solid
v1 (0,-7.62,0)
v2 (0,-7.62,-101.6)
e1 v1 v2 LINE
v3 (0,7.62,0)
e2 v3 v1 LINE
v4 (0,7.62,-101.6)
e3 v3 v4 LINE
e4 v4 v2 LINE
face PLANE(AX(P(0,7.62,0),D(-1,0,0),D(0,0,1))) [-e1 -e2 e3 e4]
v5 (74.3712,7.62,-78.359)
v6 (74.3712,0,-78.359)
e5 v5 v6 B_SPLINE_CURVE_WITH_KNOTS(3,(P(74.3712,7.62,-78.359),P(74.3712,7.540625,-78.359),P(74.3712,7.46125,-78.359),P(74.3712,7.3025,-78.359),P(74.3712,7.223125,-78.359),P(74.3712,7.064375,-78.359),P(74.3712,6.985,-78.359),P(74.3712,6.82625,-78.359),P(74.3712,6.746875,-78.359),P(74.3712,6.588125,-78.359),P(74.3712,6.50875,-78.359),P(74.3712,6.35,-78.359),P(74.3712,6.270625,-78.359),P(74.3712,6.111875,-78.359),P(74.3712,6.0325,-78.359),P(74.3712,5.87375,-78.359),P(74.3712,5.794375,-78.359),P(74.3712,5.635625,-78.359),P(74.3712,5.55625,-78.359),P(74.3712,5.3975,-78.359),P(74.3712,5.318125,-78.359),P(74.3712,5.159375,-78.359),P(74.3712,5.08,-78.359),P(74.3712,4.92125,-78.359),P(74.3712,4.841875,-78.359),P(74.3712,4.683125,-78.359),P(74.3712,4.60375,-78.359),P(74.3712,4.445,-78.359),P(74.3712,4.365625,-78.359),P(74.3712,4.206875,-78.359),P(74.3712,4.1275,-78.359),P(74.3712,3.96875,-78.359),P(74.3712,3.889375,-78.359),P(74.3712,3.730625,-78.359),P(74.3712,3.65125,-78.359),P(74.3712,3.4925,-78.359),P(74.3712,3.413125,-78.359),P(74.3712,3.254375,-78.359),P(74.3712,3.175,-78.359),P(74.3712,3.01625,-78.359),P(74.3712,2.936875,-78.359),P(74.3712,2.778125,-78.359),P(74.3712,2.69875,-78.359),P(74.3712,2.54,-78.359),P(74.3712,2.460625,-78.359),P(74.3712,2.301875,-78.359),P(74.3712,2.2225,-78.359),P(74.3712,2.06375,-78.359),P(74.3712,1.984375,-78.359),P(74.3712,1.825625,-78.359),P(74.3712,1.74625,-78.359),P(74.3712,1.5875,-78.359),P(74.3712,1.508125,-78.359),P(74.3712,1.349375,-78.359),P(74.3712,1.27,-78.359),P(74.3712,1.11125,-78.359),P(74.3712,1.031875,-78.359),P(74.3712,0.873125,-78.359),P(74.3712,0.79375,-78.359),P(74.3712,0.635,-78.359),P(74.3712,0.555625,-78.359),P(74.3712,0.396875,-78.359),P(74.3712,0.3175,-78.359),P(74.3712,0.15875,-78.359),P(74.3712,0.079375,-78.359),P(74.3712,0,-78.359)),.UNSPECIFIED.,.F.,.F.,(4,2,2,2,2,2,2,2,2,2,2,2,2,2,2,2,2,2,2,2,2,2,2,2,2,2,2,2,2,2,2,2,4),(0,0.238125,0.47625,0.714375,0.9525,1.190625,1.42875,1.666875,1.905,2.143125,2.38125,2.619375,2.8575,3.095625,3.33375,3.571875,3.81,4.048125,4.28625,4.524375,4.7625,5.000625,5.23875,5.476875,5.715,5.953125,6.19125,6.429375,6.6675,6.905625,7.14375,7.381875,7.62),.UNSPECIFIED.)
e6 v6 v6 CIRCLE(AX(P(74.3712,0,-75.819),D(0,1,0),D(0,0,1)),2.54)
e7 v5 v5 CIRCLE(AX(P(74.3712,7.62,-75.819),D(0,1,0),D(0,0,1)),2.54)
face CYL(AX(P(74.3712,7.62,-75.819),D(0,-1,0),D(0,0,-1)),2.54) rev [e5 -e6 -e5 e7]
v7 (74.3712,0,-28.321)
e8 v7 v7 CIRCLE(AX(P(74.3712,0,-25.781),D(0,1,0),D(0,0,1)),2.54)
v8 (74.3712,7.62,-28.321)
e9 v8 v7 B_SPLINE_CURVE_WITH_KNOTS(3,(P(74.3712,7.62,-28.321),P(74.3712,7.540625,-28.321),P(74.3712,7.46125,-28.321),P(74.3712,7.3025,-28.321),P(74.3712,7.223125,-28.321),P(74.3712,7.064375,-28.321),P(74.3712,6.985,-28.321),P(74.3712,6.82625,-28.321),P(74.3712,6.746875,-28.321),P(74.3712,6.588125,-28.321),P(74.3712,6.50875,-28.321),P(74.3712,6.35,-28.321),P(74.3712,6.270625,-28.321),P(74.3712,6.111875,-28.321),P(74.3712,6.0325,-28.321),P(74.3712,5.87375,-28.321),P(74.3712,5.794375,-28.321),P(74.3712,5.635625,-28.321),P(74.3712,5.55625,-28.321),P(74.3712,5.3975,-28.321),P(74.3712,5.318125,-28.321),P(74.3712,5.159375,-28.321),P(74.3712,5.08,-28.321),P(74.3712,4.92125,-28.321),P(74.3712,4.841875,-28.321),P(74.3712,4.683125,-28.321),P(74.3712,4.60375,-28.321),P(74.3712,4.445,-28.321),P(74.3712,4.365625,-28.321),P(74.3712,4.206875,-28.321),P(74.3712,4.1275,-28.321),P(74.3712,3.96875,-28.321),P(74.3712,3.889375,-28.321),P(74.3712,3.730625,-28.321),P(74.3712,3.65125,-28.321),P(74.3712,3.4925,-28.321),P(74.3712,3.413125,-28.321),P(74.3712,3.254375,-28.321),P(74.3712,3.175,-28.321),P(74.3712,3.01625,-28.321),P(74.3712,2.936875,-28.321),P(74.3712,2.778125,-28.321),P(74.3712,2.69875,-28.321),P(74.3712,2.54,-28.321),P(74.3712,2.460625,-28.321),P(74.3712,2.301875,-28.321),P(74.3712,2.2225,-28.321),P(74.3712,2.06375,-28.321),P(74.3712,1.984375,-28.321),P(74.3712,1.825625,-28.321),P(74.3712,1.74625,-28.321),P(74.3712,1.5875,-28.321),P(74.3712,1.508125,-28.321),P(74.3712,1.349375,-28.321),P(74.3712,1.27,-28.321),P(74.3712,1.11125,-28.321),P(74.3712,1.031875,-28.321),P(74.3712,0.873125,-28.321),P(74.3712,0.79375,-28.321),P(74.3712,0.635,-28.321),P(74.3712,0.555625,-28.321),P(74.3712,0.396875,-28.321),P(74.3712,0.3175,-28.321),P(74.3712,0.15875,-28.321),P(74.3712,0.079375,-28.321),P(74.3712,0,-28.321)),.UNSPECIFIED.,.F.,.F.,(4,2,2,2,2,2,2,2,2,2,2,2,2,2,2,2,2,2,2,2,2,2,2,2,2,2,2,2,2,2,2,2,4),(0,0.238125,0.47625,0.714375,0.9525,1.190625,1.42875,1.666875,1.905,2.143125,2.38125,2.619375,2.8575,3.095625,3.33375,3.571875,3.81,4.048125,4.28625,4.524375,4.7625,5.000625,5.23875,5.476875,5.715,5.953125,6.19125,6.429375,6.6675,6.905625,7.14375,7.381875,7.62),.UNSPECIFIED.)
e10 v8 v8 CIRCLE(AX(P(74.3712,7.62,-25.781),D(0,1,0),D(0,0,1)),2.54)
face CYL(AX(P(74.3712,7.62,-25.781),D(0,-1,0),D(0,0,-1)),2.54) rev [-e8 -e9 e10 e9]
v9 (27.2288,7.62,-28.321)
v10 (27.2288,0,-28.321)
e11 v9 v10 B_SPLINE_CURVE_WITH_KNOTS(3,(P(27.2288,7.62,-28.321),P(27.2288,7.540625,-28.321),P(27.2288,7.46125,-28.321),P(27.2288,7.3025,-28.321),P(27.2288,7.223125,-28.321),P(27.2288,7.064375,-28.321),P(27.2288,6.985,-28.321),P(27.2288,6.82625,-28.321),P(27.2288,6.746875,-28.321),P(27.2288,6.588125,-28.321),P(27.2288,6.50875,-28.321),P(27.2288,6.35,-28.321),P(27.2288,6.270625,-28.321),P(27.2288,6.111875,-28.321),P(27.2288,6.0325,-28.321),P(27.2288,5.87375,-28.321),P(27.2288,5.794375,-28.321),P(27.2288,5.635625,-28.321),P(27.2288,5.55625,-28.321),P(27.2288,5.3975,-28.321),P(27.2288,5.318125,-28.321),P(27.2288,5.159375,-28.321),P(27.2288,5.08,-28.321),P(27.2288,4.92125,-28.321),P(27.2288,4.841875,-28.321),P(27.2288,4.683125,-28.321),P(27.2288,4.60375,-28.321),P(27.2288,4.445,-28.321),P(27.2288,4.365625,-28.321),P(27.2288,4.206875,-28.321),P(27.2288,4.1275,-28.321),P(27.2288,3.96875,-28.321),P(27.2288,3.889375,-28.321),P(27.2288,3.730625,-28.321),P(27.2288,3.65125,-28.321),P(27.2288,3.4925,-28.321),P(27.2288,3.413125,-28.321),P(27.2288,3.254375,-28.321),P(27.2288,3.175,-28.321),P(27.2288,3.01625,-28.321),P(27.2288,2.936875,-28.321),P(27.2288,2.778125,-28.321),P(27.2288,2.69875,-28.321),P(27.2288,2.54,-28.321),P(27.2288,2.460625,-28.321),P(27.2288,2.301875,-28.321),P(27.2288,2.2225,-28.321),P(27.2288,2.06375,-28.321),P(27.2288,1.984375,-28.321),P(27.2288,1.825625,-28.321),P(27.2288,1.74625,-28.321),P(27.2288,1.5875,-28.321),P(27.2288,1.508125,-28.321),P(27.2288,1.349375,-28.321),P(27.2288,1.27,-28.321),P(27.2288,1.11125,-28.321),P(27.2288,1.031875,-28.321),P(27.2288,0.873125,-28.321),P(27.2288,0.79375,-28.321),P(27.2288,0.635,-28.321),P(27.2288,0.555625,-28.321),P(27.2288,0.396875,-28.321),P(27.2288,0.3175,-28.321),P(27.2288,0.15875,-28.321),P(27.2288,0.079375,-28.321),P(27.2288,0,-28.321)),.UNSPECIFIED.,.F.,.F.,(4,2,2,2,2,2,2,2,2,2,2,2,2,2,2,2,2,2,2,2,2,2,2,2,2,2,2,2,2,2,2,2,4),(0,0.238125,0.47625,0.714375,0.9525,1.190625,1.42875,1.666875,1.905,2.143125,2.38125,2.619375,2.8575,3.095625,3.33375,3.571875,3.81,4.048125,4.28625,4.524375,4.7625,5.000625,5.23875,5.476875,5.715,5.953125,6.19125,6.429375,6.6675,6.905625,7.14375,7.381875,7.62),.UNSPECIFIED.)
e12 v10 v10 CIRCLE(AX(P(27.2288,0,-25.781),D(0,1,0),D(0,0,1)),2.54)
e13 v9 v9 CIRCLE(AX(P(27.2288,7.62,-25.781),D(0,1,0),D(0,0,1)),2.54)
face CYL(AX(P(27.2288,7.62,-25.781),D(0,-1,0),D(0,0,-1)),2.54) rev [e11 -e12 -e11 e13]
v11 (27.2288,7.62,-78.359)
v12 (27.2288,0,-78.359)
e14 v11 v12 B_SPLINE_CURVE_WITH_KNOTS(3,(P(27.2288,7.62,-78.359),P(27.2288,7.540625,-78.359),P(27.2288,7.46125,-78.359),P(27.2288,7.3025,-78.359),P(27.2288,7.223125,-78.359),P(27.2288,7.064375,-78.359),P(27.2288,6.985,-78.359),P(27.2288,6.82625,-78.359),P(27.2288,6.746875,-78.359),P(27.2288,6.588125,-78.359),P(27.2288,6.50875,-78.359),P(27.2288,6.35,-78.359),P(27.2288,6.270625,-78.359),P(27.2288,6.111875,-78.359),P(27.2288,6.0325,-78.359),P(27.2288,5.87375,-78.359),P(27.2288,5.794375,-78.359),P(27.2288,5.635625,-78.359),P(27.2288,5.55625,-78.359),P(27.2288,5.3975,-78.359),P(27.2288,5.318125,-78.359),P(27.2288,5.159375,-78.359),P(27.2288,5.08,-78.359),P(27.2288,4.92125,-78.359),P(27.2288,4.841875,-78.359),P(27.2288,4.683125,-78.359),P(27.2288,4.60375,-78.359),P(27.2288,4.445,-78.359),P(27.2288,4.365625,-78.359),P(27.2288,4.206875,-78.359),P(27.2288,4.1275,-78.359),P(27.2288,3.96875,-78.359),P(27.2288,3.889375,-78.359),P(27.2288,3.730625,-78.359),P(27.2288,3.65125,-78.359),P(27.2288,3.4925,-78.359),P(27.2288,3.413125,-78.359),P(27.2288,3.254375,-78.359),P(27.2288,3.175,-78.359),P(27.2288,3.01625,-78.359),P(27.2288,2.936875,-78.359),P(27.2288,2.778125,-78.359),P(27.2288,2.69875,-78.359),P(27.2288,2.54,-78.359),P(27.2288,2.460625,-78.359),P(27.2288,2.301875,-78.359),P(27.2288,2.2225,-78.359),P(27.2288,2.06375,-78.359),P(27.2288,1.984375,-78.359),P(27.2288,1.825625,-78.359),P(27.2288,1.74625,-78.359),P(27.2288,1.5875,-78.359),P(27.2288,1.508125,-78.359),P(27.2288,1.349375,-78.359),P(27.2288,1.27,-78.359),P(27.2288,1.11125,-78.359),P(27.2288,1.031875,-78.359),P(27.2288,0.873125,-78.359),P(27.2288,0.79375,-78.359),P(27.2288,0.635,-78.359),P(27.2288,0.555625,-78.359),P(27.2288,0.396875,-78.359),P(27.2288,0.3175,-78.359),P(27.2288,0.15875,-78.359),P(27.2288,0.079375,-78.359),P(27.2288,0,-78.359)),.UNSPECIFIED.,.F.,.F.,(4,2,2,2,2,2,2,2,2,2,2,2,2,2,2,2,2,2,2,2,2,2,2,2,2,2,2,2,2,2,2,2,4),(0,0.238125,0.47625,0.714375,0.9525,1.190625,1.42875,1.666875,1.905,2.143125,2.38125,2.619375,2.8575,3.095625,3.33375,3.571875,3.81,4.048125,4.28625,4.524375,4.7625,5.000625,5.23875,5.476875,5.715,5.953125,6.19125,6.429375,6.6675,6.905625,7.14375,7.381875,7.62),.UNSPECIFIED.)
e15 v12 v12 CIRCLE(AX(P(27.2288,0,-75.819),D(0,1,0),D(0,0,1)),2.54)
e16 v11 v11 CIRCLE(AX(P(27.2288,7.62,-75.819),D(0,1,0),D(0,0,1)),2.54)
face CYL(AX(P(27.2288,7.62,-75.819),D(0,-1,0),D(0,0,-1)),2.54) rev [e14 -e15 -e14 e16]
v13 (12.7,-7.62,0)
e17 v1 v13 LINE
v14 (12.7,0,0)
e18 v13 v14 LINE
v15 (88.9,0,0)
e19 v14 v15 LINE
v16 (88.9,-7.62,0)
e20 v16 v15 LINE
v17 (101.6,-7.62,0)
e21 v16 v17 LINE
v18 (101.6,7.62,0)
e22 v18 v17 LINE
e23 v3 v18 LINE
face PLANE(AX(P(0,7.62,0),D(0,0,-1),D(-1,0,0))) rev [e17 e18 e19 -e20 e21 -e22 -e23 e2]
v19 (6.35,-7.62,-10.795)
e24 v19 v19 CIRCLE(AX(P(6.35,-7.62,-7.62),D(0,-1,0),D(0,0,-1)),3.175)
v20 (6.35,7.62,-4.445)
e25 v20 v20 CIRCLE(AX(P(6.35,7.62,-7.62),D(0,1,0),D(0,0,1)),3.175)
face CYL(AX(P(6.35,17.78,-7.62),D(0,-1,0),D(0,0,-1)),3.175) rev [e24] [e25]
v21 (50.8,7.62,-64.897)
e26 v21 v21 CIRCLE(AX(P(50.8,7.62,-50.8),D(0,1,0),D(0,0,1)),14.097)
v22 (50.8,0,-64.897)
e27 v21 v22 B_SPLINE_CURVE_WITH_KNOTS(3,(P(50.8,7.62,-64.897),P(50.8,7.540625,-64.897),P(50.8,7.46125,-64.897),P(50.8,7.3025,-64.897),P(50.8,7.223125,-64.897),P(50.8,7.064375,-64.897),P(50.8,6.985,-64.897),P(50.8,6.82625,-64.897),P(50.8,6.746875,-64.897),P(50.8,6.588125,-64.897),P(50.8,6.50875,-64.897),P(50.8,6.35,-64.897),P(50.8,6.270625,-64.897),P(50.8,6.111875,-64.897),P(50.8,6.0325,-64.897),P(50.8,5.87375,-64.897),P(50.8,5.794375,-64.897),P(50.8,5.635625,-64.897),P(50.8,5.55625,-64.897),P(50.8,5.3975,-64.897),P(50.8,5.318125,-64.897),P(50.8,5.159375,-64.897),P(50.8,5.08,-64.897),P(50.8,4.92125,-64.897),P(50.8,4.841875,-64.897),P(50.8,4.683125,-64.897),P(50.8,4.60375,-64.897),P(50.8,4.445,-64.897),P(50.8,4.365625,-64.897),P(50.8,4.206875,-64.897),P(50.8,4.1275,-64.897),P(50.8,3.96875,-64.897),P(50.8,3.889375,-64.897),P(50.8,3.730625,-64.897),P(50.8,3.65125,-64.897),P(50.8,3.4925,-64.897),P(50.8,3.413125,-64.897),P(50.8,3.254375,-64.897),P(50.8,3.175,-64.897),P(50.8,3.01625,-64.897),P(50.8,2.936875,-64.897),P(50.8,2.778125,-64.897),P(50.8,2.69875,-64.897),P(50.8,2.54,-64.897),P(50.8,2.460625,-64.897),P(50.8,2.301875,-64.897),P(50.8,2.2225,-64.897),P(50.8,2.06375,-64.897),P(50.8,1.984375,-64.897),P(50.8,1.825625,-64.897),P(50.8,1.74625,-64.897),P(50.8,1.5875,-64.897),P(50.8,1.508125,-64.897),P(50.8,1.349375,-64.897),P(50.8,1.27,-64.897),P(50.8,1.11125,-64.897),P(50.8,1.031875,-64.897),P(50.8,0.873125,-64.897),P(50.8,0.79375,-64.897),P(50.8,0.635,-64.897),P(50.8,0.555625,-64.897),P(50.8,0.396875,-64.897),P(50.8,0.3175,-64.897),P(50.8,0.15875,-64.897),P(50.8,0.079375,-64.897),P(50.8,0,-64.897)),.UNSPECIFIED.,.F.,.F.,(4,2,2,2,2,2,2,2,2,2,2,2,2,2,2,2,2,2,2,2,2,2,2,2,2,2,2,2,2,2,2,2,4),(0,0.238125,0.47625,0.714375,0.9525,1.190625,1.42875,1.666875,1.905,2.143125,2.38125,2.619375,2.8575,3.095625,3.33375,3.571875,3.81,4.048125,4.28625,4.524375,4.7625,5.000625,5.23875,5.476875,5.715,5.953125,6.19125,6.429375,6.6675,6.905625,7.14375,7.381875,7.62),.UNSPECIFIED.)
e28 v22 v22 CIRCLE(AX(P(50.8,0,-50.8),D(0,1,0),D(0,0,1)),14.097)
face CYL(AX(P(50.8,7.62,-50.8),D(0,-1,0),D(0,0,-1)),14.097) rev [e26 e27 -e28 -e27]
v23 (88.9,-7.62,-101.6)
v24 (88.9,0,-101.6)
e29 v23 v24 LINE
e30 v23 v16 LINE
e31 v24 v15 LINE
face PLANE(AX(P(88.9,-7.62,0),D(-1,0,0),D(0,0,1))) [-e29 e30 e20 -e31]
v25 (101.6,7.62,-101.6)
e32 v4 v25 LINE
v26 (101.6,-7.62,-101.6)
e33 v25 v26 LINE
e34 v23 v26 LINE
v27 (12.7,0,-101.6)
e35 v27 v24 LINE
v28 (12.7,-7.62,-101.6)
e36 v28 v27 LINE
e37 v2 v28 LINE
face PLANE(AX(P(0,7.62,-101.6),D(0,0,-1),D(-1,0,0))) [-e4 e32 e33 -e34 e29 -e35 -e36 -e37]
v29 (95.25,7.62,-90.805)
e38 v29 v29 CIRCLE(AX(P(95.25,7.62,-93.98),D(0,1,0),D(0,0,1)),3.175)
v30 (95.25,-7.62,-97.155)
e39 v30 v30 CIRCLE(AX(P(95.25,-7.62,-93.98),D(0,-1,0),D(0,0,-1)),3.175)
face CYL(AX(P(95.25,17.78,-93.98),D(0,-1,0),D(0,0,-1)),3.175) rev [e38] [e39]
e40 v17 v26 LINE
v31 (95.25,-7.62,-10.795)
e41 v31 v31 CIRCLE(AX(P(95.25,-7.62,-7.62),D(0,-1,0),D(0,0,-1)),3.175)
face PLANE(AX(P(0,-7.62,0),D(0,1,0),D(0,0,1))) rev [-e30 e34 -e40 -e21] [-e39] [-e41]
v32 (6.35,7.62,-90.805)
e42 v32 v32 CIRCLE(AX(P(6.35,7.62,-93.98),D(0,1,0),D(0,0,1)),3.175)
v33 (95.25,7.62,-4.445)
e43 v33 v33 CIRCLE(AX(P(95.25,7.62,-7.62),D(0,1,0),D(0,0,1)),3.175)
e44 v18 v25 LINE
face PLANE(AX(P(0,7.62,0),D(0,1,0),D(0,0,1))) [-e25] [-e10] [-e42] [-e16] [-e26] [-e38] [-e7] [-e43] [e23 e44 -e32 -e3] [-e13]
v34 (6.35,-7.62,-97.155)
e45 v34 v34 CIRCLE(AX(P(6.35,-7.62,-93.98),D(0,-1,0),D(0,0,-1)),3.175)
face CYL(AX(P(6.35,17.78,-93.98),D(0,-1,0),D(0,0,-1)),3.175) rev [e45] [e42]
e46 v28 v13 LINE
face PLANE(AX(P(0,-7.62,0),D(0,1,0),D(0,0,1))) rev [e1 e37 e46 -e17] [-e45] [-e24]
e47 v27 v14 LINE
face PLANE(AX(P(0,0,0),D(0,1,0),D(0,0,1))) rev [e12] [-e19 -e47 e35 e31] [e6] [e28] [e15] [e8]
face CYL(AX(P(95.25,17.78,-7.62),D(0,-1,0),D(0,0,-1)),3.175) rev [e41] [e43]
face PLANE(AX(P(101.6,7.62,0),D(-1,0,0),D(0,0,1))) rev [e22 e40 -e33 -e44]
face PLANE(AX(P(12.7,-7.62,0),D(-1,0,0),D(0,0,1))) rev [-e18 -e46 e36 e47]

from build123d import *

# Parameters (mm, degrees)
SKETCH1_W           = 101.6
SKETCH1_H           = 101.6
SKETCH1_R           = 2.54
SKETCH1_R_2         = 14.097
BOSS_EXTRUDE1_DEPTH = 7.62
SKETCH1_3_W         = 12.7
SKETCH1_3_H         = 101.6
BOSS_EXTRUDE2_DEPTH = 7.62
SKETCH3_R           = 3.175
CUT_EXTRUDE1_DEPTH  = 25.4


with BuildPart() as part:
    # Sketch1 → Boss-Extrude1 (new body)
    with BuildSketch(Plane(origin=(0, 0, 0), x_dir=(1, 0, 0), z_dir=(0, 1, 0))):
        with Locations((50.8, 50.8)):
            Rectangle(SKETCH1_W, SKETCH1_H)
        with BuildLine():
            ThreePointArc((27.2288, 23.241), (25.794350063, 23.684824106), (24.86119419, 24.86119419))
            ThreePointArc((24.86119419, 24.86119419), (25.432748776, 27.577051224), (28.14860581, 28.14860581))
            ThreePointArc((28.14860581, 28.14860581), (29.725329467, 25.313089088), (27.2288, 23.241))
        make_face(mode=Mode.SUBTRACT)
        with Locations((74.3712, 25.781)):
            Circle(SKETCH1_R, mode=Mode.SUBTRACT)
        with Locations((50.8, 50.8)):
            Circle(SKETCH1_R_2, mode=Mode.SUBTRACT)
        with Locations((27.2288, 75.819)):
            Circle(SKETCH1_R, mode=Mode.SUBTRACT)
        with Locations((74.3712, 75.819)):
            Circle(SKETCH1_R, mode=Mode.SUBTRACT)
    extrude(amount=BOSS_EXTRUDE1_DEPTH)

    # Sketch1<3> → Boss-Extrude2 (add)
    with BuildSketch(Plane(origin=(0, 0, 0), x_dir=(1, 0, 0), z_dir=(0, 1, 0))):
        with Locations((6.35, 50.8)):
            Rectangle(SKETCH1_3_W, SKETCH1_3_H)
        with Locations((95.25, 50.8)):
            Rectangle(SKETCH1_3_W, SKETCH1_3_H)
    extrude(amount=-BOSS_EXTRUDE2_DEPTH)

    # Sketch3 → Cut-Extrude1 (cut)
    with BuildSketch(Plane.XZ.offset(7.62)):
        with Locations((6.35, -7.62)):
            Circle(SKETCH3_R)
        with Locations((95.25, -7.62)):
            Circle(SKETCH3_R)
        with Locations((6.35, -93.98)):
            Circle(SKETCH3_R)
        with Locations((95.25, -93.98)):
            Circle(SKETCH3_R)
    extrude(amount=-CUT_EXTRUDE1_DEPTH, mode=Mode.SUBTRACT)


solid = part.part
